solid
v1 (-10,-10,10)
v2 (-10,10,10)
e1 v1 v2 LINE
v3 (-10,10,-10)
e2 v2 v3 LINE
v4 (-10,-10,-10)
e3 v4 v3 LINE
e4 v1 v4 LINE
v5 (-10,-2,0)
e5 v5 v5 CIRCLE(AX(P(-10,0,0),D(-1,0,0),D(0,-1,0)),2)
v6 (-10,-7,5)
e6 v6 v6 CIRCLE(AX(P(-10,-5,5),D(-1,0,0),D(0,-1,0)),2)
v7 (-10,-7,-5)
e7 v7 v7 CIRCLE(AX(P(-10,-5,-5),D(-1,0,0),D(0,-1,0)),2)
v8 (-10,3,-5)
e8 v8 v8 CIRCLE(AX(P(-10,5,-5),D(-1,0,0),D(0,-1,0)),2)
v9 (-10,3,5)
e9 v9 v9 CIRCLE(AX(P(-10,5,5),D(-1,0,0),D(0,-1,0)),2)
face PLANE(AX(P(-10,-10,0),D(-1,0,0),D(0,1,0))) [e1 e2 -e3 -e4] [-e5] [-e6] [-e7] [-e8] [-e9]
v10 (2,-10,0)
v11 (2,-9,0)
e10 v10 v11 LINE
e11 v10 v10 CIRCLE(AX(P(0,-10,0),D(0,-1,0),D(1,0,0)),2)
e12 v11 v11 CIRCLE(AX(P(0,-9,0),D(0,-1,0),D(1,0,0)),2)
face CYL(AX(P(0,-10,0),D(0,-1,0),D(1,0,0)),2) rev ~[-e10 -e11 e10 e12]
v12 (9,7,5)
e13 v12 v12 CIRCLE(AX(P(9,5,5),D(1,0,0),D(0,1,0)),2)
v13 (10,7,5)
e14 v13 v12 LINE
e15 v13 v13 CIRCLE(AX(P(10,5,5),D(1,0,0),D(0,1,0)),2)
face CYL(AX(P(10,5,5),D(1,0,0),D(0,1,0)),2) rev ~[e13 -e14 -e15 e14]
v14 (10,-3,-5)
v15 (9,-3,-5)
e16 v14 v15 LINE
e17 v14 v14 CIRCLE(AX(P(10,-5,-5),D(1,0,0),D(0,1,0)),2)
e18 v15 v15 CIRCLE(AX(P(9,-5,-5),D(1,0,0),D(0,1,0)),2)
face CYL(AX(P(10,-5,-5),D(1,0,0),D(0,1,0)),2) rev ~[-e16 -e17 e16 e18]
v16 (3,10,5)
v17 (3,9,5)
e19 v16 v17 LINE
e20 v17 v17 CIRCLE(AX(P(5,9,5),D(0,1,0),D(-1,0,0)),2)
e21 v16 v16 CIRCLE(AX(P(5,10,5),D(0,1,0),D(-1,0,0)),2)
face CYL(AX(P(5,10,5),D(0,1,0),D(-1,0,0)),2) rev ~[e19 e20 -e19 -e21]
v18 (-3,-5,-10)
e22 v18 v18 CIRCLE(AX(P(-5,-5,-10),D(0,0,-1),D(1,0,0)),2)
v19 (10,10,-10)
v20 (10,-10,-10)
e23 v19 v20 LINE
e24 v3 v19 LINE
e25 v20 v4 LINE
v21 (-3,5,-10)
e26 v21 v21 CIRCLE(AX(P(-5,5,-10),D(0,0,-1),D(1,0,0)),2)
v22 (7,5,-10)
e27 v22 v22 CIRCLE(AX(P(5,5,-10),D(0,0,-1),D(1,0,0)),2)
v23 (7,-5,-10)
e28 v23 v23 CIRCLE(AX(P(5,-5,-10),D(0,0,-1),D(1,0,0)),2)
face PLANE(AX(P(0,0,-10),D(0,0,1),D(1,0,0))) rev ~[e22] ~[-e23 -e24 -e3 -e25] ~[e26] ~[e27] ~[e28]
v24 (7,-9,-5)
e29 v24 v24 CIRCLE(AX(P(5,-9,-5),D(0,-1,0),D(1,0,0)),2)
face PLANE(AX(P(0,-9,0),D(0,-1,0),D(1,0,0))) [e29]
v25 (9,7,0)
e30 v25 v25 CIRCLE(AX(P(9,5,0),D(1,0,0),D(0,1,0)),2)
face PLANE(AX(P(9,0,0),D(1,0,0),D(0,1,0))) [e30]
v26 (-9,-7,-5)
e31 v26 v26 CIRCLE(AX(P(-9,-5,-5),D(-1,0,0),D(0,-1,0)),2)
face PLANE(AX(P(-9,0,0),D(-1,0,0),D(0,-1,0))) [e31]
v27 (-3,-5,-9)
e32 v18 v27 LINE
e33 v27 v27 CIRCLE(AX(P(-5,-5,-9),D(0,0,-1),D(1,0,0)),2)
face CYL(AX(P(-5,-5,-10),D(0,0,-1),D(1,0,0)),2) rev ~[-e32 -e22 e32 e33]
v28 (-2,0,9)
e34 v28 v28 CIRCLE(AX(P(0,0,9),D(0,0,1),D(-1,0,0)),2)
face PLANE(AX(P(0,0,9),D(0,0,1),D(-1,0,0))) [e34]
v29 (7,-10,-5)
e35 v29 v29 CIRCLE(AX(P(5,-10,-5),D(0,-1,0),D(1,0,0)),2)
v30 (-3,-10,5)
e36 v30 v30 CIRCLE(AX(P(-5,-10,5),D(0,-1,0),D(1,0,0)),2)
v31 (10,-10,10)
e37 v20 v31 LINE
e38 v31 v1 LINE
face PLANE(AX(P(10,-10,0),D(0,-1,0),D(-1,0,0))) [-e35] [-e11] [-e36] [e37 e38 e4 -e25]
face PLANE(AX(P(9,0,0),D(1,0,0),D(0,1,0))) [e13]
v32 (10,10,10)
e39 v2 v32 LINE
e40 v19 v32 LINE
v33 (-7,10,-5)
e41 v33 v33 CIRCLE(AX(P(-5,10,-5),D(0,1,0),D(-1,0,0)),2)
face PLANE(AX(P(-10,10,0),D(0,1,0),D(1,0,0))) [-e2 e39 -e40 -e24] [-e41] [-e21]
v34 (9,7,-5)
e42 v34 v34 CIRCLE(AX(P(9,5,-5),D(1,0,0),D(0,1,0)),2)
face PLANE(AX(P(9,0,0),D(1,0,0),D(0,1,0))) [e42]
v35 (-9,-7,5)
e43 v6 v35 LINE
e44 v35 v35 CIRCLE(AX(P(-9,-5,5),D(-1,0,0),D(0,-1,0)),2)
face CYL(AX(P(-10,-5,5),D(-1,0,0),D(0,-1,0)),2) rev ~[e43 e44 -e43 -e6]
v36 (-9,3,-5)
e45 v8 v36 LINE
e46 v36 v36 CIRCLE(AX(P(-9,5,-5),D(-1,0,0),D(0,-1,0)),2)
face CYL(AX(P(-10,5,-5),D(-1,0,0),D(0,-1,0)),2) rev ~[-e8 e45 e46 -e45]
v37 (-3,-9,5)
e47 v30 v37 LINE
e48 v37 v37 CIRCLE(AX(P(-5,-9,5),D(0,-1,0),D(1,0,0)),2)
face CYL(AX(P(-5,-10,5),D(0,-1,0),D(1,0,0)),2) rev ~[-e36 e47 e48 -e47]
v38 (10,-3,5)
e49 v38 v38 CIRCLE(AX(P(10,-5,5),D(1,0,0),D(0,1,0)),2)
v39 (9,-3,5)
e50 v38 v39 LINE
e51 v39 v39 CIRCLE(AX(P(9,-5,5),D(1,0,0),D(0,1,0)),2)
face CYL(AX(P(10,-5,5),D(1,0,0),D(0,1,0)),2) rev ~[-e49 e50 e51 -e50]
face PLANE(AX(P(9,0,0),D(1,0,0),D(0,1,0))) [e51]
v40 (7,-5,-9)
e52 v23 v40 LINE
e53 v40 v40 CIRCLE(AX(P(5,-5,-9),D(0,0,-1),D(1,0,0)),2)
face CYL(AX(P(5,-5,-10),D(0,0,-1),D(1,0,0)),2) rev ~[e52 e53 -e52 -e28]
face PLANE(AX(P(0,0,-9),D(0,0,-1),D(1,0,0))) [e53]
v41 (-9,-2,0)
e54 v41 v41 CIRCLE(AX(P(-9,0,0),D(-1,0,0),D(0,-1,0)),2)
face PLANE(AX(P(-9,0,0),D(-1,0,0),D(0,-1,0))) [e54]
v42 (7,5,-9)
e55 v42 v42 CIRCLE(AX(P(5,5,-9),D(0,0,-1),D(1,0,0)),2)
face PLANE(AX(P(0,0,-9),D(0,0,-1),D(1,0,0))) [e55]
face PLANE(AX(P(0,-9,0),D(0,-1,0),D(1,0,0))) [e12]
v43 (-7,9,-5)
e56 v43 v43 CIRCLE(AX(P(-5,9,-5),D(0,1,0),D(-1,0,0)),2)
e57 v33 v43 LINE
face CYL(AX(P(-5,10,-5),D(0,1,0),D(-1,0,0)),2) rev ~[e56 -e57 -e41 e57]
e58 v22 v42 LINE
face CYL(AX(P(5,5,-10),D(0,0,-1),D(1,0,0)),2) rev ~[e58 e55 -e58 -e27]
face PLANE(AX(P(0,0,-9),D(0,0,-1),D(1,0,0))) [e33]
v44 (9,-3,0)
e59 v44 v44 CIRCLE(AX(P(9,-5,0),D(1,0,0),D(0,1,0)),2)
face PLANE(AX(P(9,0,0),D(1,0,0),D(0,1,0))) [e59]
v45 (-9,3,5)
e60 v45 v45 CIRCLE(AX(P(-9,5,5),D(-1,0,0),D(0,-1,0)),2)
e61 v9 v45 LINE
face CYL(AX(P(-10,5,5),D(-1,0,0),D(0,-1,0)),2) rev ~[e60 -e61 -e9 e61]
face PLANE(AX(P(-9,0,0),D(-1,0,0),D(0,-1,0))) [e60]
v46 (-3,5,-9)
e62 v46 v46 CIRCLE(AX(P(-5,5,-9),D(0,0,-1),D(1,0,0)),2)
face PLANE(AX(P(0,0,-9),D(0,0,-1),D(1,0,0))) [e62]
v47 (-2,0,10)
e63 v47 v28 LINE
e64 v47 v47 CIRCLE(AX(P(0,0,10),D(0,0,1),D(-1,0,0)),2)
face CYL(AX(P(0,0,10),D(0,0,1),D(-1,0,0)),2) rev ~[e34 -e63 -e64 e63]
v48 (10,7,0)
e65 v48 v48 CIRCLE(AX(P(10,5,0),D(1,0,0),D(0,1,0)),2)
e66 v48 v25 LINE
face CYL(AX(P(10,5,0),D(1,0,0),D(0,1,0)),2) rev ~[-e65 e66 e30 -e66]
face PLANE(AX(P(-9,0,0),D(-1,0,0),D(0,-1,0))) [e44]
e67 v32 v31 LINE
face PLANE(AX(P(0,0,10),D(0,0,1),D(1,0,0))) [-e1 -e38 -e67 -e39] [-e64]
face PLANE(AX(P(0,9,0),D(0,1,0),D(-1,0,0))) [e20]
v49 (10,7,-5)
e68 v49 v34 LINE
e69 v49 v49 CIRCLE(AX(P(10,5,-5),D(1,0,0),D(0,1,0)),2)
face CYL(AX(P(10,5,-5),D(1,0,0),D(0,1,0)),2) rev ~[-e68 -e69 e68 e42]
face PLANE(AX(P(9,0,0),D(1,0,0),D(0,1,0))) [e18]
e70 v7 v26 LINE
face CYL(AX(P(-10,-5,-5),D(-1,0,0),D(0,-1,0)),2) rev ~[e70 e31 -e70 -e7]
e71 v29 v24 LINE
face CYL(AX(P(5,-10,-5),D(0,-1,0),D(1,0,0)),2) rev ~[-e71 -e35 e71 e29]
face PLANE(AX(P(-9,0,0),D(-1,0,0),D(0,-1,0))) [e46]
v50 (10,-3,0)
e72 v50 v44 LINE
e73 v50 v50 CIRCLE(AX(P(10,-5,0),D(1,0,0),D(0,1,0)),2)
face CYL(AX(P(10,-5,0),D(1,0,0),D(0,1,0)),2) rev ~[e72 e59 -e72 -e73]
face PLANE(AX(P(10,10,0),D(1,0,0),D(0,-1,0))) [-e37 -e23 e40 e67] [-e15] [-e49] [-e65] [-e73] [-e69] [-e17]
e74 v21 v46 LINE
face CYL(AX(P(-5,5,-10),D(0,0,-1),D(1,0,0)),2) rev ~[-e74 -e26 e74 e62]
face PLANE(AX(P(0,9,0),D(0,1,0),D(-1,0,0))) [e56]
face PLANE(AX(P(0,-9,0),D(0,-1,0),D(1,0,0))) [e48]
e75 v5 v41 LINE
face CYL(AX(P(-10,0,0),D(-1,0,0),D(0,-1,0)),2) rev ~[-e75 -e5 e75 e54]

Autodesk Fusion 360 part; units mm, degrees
sketch "Sketch1" plane through (0, 0, 0) normal (0, 0, 1) x (1, 0, 0)
  line L0 (10, -10) -> (-10, -10)
  line L1 (-10, -10) -> (-10, 10)
  line L2 (-10, 10) -> (10, 10)
  line L3 (10, 10) -> (10, -10)
  line L4 (10, -10) -> (-10, 10) construction
  line L5 (-10, -10) -> (10, 10) construction
  dimension "d1" = 20
  dimension "d2" = 20
extrude "Extrude1" add sketch "Sketch1" along normal mid plane 20
sketch "Sketch2" plane through (0, 0, 10) normal (0, 0, 1) x (-1, 0, 0)
  line L0 (-10, -10) -> (10, -10)
  line L1 (10, -10) -> (10, 10)
  line L2 (10, 10) -> (-10, 10)
  line L3 (-10, 10) -> (-10, -10)
  circle A0 centre (0, 0) radius 2
  dimension "d5" = 4
extrude "Extrude2" cut sketch "Sketch2" against normal blind 1 contours A0
sketch "Sketch3" plane through (0, -10, 0) normal (0, -1, 0) x (1, 0, 0)
  line L0 (10, -10) -> (10, 10)
  line L1 (10, 10) -> (-10, 10)
  line L2 (-10, 10) -> (-10, -10)
  line L3 (-10, -10) -> (10, -10)
  line L4 (-10, 10) -> (10, -10) construction
  circle A0 centre (0, 0) radius 2
  circle A1 centre (-5, 5) radius 2
  circle A2 centre (5, -5) radius 2
  dimension "d8" = 4
  dimension "d9" = 4
  dimension "d10" = 4
extrude "Extrude3" cut sketch "Sketch3" against normal blind 1 contours A0 | A1 | A2
sketch "Sketch4" plane through (-10, 0, 0) normal (-1, 0, 0) x (0, -1, 0)
  line L0 (10, -10) -> (10, 10)
  line L1 (10, 10) -> (-10, 10)
  line L2 (-10, 10) -> (-10, -10)
  line L3 (-10, -10) -> (10, -10)
  line L4 (-10, 10) -> (10, -10) construction
  line L5 (10, 10) -> (-10, -10) construction
  circle A0 centre (0, 0) radius 2
  circle A1 centre (-5, 5) radius 2
  circle A2 centre (5, 5) radius 2
  circle A3 centre (-5, -5) radius 2
  circle A4 centre (5, -5) radius 2
  dimension "d13" = 4
  dimension "d14" = 4
  dimension "d15" = 4
  dimension "d16" = 4
extrude "Extrude4" cut sketch "Sketch4" against normal blind 1 contours A0 | A1 | A2 | A3 | A4
sketch "Sketch5" plane through (0, 10, 0) normal (0, 1, 0) x (-1, 0, 0)
  line L0 (10, -10) -> (10, 10)
  line L1 (10, 10) -> (-10, 10)
  line L2 (-10, 10) -> (-10, -10)
  line L3 (-10, -10) -> (10, -10)
  line L4 (-10, 10) -> (10, -10) construction
  circle A0 centre (-5, 5) radius 2
  circle A1 centre (5, -5) radius 2
  dimension "d19" = 4
  dimension "d20" = 4
extrude "Extrude5" cut sketch "Sketch5" against normal blind 1 contours A0 | A1
sketch "Sketch6" plane through (10, 0, 0) normal (1, 0, 0) x (0, 1, 0)
  line L0 (10, -10) -> (10, 10)
  line L1 (10, 10) -> (-10, 10)
  line L2 (-10, 10) -> (-10, -10)
  line L3 (-10, -10) -> (10, -10)
  line L4 (-10, 10) -> (10, -10) construction
  line L5 (10, 10) -> (-10, -10) construction
  line L6 (-10, 0) -> (10, 0) construction
  line L7 (0, 10) -> (0, -10) construction
  circle A0 centre (-5, 0) radius 2
  circle A1 centre (-5, 5) radius 2
  circle A2 centre (-5, -5) radius 2
  circle A3 centre (5, 5) radius 2
  circle A4 centre (5, 0) radius 2
  circle A5 centre (5, -5) radius 2
  dimension "d23" = 4
  dimension "d24" = 4
  dimension "d25" = 4
  dimension "d26" = 4
  dimension "d27" = 4
  dimension "d28" = 4
extrude "Extrude6" cut sketch "Sketch6" against normal blind 1 contours A0 | A1 | A2 | A3 | A4 | A5
sketch "Sketch7" plane through (0, 0, -10) normal (0, 0, -1) x (1, 0, 0)
  line L0 (-10, -10) -> (10, -10)
  line L1 (10, -10) -> (10, 10)
  line L2 (10, 10) -> (-10, 10)
  line L3 (-10, 10) -> (-10, -10)
  line L4 (10, 10) -> (-10, -10) construction
  line L5 (10, -10) -> (-10, 10) construction
  circle A0 centre (5, 5) radius 2
  circle A1 centre (-5, -5) radius 2
  circle A2 centre (-5, 5) radius 2
  circle A3 centre (5, -5) radius 2
  dimension "d31" = 4
  dimension "d32" = 4
  dimension "d33" = 4
extrude "Extrude7" cut sketch "Sketch7" against normal blind 1 contours A0 | A1 | A2 | A3
equation "d1 = diceSize"
equation "d2 = diceSize"
equation "d3 = diceSize"
equation "diceSize = 20 mm"
equation "DivotDia = 4 mm"
